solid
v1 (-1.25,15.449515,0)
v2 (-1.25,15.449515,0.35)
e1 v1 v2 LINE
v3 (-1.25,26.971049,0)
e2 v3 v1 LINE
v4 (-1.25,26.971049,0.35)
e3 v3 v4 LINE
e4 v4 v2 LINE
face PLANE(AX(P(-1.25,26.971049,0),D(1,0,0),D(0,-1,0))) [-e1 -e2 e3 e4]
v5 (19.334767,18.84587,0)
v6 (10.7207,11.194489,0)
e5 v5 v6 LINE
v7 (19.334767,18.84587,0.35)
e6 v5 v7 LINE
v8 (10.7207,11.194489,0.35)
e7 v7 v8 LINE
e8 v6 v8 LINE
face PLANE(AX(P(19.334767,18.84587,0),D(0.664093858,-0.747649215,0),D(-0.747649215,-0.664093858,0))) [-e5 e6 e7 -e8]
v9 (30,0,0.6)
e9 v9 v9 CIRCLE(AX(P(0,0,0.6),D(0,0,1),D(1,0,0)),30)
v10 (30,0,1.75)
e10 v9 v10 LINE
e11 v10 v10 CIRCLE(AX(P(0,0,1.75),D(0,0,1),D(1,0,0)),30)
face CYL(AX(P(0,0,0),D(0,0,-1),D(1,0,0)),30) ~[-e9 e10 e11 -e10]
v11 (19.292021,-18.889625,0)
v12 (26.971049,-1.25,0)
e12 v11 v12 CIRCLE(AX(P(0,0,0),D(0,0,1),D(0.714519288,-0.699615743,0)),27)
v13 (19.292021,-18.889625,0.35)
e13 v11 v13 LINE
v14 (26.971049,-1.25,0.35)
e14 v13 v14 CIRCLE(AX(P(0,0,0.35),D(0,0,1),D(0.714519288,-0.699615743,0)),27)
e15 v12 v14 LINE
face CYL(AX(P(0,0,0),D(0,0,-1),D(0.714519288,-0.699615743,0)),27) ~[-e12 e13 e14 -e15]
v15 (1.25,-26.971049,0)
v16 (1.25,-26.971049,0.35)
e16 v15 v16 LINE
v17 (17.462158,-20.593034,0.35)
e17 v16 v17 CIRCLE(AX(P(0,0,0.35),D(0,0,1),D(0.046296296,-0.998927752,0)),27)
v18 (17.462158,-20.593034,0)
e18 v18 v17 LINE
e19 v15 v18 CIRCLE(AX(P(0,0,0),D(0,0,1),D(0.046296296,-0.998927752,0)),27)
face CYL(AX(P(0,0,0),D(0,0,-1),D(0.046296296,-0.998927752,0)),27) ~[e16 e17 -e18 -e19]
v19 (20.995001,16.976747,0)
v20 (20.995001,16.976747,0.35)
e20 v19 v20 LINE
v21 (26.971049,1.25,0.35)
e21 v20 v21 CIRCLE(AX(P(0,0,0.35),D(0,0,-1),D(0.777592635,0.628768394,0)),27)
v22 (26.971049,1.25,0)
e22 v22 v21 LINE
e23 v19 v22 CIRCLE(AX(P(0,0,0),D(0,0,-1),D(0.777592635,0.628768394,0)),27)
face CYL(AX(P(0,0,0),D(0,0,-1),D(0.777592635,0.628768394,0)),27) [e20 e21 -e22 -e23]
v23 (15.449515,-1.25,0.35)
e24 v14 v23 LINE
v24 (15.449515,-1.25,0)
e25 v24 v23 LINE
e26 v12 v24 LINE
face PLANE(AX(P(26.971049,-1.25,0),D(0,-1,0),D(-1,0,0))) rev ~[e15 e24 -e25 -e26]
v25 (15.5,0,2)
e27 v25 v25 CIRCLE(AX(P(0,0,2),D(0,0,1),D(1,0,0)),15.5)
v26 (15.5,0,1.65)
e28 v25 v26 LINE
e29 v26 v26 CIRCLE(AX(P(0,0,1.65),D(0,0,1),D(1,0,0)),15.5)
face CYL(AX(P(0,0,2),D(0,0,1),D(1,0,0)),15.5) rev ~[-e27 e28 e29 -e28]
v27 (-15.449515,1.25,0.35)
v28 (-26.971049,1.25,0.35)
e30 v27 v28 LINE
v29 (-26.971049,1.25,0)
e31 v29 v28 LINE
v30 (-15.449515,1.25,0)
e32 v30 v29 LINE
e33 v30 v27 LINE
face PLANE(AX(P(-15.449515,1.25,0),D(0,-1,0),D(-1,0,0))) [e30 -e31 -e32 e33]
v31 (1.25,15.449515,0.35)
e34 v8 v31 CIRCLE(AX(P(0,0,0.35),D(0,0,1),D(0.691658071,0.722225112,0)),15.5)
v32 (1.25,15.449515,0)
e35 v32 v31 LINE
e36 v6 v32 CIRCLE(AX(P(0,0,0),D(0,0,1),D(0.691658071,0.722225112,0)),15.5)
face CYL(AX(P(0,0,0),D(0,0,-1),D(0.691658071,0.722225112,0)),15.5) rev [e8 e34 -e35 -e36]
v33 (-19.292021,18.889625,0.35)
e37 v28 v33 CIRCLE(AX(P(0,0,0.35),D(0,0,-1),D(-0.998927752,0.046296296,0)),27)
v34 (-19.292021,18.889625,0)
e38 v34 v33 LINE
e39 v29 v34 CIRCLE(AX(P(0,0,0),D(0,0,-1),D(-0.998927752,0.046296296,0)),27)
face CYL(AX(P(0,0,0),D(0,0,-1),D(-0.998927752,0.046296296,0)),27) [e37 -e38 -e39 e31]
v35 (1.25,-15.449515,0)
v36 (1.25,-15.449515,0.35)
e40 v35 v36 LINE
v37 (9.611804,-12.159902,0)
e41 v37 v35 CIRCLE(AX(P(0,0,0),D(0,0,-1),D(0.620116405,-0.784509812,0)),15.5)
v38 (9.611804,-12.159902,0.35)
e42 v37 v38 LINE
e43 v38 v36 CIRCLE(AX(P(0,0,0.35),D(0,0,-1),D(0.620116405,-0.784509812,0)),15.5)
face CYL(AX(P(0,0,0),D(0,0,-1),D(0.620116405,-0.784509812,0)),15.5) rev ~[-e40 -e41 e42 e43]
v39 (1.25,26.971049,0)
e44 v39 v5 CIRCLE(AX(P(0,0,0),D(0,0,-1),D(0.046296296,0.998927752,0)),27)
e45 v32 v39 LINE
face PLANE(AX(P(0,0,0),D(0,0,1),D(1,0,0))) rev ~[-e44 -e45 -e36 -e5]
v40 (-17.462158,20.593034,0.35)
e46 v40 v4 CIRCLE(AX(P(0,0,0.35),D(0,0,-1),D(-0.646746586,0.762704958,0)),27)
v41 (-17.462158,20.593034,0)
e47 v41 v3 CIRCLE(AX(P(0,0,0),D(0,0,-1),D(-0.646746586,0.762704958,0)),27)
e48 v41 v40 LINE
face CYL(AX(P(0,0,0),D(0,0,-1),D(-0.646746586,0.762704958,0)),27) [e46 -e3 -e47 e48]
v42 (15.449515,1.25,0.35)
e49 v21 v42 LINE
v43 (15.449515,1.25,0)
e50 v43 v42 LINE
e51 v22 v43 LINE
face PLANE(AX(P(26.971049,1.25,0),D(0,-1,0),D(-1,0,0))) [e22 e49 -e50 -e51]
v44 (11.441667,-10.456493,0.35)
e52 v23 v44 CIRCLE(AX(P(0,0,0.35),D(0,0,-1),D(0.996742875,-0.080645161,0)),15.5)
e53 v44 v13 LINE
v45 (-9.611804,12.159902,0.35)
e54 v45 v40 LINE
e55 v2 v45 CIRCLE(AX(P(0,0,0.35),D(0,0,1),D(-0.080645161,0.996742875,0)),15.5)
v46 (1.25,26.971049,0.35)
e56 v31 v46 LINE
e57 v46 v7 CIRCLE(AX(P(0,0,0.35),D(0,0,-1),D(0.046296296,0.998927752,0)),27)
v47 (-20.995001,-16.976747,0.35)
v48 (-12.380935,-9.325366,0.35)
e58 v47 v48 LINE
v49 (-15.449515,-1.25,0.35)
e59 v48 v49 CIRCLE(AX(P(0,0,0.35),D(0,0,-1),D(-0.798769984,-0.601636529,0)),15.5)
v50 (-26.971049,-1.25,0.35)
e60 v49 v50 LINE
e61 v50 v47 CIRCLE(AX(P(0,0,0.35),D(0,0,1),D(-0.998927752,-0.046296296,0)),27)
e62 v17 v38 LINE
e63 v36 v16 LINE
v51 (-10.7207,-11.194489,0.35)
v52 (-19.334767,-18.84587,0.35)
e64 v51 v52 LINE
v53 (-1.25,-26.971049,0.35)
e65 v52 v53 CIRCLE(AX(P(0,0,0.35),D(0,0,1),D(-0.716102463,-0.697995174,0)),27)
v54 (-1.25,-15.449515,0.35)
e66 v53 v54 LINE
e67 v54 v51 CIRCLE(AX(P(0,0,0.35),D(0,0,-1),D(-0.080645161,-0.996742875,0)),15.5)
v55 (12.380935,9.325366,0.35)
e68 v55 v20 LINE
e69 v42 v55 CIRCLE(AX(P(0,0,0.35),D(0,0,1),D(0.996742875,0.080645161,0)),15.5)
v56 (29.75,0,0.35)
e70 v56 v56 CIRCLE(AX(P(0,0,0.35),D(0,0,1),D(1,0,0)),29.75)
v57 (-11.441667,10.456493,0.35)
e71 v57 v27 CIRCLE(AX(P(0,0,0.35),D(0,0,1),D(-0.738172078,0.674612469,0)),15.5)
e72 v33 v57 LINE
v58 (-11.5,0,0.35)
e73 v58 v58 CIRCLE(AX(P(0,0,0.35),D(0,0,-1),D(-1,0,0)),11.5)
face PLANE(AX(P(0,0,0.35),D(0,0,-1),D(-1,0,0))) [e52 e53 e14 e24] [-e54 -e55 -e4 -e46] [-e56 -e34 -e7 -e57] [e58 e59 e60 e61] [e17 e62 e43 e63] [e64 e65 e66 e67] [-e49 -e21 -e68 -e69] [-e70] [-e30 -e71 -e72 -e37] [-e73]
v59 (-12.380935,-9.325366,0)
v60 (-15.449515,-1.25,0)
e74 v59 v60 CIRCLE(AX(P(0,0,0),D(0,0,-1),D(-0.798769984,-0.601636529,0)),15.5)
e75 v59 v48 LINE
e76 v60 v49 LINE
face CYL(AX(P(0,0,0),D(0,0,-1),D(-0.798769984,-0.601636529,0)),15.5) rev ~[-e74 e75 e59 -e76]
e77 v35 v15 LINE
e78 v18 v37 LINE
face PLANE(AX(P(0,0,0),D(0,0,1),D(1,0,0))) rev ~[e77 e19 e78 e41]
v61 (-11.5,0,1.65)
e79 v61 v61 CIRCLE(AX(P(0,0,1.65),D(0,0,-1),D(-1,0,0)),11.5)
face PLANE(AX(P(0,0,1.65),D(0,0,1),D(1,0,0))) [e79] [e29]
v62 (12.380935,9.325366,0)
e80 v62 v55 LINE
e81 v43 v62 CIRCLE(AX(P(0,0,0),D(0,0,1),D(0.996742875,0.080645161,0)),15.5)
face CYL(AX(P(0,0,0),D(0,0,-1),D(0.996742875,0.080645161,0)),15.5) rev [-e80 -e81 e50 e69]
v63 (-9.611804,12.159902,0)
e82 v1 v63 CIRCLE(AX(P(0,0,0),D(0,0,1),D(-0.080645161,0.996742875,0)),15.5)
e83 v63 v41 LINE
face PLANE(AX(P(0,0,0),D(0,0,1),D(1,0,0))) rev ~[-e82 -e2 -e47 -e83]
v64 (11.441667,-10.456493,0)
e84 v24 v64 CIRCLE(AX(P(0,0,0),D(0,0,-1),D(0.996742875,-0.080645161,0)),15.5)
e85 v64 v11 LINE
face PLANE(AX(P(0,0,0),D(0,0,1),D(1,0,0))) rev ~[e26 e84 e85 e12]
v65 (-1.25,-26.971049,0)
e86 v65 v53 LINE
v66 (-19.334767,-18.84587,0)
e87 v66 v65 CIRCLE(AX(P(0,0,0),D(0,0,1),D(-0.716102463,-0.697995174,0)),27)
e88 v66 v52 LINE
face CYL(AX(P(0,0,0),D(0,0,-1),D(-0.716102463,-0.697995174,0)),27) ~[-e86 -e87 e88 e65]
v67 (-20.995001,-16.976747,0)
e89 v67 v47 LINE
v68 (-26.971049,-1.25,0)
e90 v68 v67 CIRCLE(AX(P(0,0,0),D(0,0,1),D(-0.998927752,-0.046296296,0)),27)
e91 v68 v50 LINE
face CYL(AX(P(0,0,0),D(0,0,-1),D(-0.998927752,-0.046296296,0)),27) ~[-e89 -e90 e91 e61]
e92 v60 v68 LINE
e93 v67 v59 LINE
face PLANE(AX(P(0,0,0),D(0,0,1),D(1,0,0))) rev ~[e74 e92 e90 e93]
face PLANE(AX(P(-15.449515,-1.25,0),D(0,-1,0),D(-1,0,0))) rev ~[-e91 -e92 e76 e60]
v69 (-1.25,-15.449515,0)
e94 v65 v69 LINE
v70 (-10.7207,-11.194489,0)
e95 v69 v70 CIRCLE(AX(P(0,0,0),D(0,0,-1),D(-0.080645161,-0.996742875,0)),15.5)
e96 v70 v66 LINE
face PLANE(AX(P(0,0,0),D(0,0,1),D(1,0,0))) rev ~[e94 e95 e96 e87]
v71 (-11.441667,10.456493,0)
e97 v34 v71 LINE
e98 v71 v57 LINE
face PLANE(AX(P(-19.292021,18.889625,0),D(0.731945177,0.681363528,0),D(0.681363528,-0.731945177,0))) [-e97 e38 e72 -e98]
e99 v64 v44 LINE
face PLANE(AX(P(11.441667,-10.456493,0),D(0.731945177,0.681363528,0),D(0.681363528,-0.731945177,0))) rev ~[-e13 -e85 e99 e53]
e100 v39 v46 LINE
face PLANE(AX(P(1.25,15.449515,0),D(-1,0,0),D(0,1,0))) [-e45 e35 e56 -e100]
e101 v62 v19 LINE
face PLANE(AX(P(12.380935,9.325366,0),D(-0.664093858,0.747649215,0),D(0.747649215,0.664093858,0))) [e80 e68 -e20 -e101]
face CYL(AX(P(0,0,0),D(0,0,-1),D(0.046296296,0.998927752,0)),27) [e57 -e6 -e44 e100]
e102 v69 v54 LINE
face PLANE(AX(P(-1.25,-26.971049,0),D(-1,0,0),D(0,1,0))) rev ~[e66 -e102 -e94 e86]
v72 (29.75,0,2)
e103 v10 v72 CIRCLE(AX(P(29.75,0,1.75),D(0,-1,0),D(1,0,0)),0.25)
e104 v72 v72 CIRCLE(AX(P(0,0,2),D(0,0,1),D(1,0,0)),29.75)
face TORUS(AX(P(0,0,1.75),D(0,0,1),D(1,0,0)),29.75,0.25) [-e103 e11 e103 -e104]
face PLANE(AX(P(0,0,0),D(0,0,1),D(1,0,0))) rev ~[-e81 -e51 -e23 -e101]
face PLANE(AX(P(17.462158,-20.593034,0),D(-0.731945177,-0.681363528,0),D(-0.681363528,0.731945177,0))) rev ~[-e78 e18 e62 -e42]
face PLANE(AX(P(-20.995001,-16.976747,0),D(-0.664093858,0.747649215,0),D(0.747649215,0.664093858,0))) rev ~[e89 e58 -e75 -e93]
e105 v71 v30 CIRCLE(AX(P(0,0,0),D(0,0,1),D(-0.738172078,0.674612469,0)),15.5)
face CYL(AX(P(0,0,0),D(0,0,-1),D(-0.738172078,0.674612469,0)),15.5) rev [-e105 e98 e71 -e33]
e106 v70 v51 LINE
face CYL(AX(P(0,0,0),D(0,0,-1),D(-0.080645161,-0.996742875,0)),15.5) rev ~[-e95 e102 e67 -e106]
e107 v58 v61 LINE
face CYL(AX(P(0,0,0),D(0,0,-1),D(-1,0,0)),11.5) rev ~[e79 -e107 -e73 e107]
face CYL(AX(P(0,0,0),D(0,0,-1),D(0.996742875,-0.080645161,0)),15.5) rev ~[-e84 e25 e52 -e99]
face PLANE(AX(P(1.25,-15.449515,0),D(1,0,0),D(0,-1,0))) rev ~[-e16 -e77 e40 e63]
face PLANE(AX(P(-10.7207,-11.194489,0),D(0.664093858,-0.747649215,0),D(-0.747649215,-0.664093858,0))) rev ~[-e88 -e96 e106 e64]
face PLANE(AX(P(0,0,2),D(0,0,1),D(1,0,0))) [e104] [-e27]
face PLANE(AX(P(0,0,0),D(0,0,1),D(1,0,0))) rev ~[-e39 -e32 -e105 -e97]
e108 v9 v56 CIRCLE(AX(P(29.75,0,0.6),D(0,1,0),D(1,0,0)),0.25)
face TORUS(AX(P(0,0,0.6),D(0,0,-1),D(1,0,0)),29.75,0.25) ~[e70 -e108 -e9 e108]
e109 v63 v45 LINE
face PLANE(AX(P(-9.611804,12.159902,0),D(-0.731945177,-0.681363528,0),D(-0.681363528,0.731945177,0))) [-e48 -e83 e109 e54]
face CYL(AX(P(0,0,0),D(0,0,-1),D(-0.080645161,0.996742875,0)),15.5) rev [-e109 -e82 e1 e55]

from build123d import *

# Parameters (mm, degrees)
ESBO_O1_R                  = 30
RESSALTO_EXTRUS_O1_DEPTH   = 2
ESBO_O2_R                  = 30
ESBO_O2_R_2                = 11.5
CORTE_EXTRUS_O6_DEPTH      = 0.35
ESBO_O9_R                  = 11.5
CORTE_EXTRUS_O7_DEPTH      = 37
CORTE_EXTRUS_O7_DEPTH_BACK = 12.35
FILETE2_R                  = 0.25
ESBO_O10_R                 = 15.5
CORTE_EXTRUS_O8_DEPTH      = 0.35


with BuildPart() as part:
    # Esboço1 → Ressalto-extrusão1 (new body)
    with BuildSketch(Plane.XY):
        Circle(ESBO_O1_R)
    extrude(amount=RESSALTO_EXTRUS_O1_DEPTH)

    # Esboço2 → Corte-extrusão6 (cut)
    with BuildSketch(Plane(origin=(0, 0, 0), x_dir=(-1, 0, 0), z_dir=(0, 0, -1))):
        Circle(ESBO_O2_R)
        Circle(ESBO_O2_R_2, mode=Mode.SUBTRACT)
        with BuildLine():
            Line((-17.462157831, -20.593033868), (-9.611804273, -12.159902081))
            ThreePointArc((-9.611804273, -12.159902081), (-5.674511924, -14.423935469), (-1.25, -15.449514555))
            Line((-1.25, -15.449514555), (-1.25, -26.971049294))
            ThreePointArc((-1.25, -26.971049294), (-9.884633674, -25.125565011), (-17.462157831, -20.593033868))
        make_face(mode=Mode.SUBTRACT)
        with BuildLine():
            Line((1.25, -26.971049294), (1.25, -15.449514555))
            ThreePointArc((1.25, -15.449514555), (6.35222208, -14.138573996), (10.720700103, -11.194489238))
            Line((10.720700103, -11.194489238), (19.334766503, -18.845869687))
            ThreePointArc((19.334766503, -18.845869687), (11.065161043, -24.628483735), (1.25, -26.971049294))
        make_face(mode=Mode.SUBTRACT)
        with BuildLine():
            Line((-26.971049294, -1.25), (-15.449514555, -1.25))
            ThreePointArc((-15.449514555, -1.25), (-14.211748443, -6.186776721), (-11.441667216, -10.456493261))
            Line((-11.441667216, -10.456493261), (-19.292020774, -18.889625048))
            ThreePointArc((-19.292020774, -18.889625048), (-24.755948901, -10.7769659), (-26.971049294, -1.25))
        make_face(mode=Mode.SUBTRACT)
        with BuildLine():
            Line((-26.971049294, 1.25), (-15.449514555, 1.25))
            ThreePointArc((-15.449514555, 1.25), (-14.489180857, 5.50578224), (-12.380934748, 9.325366201))
            Line((-12.380934748, 9.325366201), (-20.995001147, 16.97674665))
            ThreePointArc((-20.995001147, 16.97674665), (-25.239218268, 9.590717451), (-26.971049294, 1.25))
        make_face(mode=Mode.SUBTRACT)
        with BuildLine():
            Line((20.995001147, -16.976746651), (12.380934747, -9.325366201))
            ThreePointArc((12.380934747, -9.325366201), (14.489180857, -5.50578224), (15.449514555, -1.25))
            Line((15.449514555, -1.25), (26.971049294, -1.25))
            ThreePointArc((26.971049294, -1.25), (25.239218268, -9.590717451), (20.995001147, -16.976746651))
        make_face(mode=Mode.SUBTRACT)
        with BuildLine():
            Line((15.449514555, 1.25), (26.971049294, 1.25))
            ThreePointArc((26.971049294, 1.25), (24.755948901, 10.776965901), (19.292020774, 18.889625048))
            Line((19.292020774, 18.889625048), (11.441667216, 10.456493261))
            ThreePointArc((11.441667216, 10.456493261), (14.211748443, 6.186776721), (15.449514555, 1.25))
        make_face(mode=Mode.SUBTRACT)
        with BuildLine():
            Line((9.611804273, 12.159902081), (17.462157831, 20.593033868))
            ThreePointArc((17.462157831, 20.593033868), (9.884633674, 25.125565011), (1.25, 26.971049294))
            Line((1.25, 26.971049294), (1.25, 15.449514555))
            ThreePointArc((1.25, 15.449514555), (5.674511924, 14.423935469), (9.611804273, 12.159902081))
        make_face(mode=Mode.SUBTRACT)
        with BuildLine():
            Line((-1.25, 15.449514555), (-1.25, 26.971049294))
            ThreePointArc((-1.25, 26.971049294), (-11.065161043, 24.628483735), (-19.334766503, 18.845869687))
            Line((-19.334766503, 18.845869687), (-10.720700104, 11.194489238))
            ThreePointArc((-10.720700104, 11.194489238), (-6.35222208, 14.138573996), (-1.25, 15.449514555))
        make_face(mode=Mode.SUBTRACT)
    extrude(amount=-CORTE_EXTRUS_O6_DEPTH, mode=Mode.SUBTRACT)

    # Esboço9 → Corte-extrusão7 (cut, two sides)
    with BuildSketch(Plane(origin=(0, 0, 0), x_dir=(-1, 0, 0), z_dir=(0, 0, -1))) as corte_extrus_o7_sk:
        Circle(ESBO_O9_R)
    extrude(amount=CORTE_EXTRUS_O7_DEPTH, mode=Mode.SUBTRACT)
    extrude(corte_extrus_o7_sk.sketch, amount=-CORTE_EXTRUS_O7_DEPTH_BACK, mode=Mode.SUBTRACT)

    # Filete2
    filete2_edges = [part.edges().sort_by_distance(p)[0] for p in [
        (-30, 0, 0.35),
        (-30, 0, 2),
    ]]
    fillet(filete2_edges, radius=FILETE2_R)

    # Esboço10 → Corte-extrusão8 (cut)
    with BuildSketch(Plane.XY.offset(2)):
        Circle(ESBO_O10_R)
    extrude(amount=-CORTE_EXTRUS_O8_DEPTH, mode=Mode.SUBTRACT)


solid = part.part
